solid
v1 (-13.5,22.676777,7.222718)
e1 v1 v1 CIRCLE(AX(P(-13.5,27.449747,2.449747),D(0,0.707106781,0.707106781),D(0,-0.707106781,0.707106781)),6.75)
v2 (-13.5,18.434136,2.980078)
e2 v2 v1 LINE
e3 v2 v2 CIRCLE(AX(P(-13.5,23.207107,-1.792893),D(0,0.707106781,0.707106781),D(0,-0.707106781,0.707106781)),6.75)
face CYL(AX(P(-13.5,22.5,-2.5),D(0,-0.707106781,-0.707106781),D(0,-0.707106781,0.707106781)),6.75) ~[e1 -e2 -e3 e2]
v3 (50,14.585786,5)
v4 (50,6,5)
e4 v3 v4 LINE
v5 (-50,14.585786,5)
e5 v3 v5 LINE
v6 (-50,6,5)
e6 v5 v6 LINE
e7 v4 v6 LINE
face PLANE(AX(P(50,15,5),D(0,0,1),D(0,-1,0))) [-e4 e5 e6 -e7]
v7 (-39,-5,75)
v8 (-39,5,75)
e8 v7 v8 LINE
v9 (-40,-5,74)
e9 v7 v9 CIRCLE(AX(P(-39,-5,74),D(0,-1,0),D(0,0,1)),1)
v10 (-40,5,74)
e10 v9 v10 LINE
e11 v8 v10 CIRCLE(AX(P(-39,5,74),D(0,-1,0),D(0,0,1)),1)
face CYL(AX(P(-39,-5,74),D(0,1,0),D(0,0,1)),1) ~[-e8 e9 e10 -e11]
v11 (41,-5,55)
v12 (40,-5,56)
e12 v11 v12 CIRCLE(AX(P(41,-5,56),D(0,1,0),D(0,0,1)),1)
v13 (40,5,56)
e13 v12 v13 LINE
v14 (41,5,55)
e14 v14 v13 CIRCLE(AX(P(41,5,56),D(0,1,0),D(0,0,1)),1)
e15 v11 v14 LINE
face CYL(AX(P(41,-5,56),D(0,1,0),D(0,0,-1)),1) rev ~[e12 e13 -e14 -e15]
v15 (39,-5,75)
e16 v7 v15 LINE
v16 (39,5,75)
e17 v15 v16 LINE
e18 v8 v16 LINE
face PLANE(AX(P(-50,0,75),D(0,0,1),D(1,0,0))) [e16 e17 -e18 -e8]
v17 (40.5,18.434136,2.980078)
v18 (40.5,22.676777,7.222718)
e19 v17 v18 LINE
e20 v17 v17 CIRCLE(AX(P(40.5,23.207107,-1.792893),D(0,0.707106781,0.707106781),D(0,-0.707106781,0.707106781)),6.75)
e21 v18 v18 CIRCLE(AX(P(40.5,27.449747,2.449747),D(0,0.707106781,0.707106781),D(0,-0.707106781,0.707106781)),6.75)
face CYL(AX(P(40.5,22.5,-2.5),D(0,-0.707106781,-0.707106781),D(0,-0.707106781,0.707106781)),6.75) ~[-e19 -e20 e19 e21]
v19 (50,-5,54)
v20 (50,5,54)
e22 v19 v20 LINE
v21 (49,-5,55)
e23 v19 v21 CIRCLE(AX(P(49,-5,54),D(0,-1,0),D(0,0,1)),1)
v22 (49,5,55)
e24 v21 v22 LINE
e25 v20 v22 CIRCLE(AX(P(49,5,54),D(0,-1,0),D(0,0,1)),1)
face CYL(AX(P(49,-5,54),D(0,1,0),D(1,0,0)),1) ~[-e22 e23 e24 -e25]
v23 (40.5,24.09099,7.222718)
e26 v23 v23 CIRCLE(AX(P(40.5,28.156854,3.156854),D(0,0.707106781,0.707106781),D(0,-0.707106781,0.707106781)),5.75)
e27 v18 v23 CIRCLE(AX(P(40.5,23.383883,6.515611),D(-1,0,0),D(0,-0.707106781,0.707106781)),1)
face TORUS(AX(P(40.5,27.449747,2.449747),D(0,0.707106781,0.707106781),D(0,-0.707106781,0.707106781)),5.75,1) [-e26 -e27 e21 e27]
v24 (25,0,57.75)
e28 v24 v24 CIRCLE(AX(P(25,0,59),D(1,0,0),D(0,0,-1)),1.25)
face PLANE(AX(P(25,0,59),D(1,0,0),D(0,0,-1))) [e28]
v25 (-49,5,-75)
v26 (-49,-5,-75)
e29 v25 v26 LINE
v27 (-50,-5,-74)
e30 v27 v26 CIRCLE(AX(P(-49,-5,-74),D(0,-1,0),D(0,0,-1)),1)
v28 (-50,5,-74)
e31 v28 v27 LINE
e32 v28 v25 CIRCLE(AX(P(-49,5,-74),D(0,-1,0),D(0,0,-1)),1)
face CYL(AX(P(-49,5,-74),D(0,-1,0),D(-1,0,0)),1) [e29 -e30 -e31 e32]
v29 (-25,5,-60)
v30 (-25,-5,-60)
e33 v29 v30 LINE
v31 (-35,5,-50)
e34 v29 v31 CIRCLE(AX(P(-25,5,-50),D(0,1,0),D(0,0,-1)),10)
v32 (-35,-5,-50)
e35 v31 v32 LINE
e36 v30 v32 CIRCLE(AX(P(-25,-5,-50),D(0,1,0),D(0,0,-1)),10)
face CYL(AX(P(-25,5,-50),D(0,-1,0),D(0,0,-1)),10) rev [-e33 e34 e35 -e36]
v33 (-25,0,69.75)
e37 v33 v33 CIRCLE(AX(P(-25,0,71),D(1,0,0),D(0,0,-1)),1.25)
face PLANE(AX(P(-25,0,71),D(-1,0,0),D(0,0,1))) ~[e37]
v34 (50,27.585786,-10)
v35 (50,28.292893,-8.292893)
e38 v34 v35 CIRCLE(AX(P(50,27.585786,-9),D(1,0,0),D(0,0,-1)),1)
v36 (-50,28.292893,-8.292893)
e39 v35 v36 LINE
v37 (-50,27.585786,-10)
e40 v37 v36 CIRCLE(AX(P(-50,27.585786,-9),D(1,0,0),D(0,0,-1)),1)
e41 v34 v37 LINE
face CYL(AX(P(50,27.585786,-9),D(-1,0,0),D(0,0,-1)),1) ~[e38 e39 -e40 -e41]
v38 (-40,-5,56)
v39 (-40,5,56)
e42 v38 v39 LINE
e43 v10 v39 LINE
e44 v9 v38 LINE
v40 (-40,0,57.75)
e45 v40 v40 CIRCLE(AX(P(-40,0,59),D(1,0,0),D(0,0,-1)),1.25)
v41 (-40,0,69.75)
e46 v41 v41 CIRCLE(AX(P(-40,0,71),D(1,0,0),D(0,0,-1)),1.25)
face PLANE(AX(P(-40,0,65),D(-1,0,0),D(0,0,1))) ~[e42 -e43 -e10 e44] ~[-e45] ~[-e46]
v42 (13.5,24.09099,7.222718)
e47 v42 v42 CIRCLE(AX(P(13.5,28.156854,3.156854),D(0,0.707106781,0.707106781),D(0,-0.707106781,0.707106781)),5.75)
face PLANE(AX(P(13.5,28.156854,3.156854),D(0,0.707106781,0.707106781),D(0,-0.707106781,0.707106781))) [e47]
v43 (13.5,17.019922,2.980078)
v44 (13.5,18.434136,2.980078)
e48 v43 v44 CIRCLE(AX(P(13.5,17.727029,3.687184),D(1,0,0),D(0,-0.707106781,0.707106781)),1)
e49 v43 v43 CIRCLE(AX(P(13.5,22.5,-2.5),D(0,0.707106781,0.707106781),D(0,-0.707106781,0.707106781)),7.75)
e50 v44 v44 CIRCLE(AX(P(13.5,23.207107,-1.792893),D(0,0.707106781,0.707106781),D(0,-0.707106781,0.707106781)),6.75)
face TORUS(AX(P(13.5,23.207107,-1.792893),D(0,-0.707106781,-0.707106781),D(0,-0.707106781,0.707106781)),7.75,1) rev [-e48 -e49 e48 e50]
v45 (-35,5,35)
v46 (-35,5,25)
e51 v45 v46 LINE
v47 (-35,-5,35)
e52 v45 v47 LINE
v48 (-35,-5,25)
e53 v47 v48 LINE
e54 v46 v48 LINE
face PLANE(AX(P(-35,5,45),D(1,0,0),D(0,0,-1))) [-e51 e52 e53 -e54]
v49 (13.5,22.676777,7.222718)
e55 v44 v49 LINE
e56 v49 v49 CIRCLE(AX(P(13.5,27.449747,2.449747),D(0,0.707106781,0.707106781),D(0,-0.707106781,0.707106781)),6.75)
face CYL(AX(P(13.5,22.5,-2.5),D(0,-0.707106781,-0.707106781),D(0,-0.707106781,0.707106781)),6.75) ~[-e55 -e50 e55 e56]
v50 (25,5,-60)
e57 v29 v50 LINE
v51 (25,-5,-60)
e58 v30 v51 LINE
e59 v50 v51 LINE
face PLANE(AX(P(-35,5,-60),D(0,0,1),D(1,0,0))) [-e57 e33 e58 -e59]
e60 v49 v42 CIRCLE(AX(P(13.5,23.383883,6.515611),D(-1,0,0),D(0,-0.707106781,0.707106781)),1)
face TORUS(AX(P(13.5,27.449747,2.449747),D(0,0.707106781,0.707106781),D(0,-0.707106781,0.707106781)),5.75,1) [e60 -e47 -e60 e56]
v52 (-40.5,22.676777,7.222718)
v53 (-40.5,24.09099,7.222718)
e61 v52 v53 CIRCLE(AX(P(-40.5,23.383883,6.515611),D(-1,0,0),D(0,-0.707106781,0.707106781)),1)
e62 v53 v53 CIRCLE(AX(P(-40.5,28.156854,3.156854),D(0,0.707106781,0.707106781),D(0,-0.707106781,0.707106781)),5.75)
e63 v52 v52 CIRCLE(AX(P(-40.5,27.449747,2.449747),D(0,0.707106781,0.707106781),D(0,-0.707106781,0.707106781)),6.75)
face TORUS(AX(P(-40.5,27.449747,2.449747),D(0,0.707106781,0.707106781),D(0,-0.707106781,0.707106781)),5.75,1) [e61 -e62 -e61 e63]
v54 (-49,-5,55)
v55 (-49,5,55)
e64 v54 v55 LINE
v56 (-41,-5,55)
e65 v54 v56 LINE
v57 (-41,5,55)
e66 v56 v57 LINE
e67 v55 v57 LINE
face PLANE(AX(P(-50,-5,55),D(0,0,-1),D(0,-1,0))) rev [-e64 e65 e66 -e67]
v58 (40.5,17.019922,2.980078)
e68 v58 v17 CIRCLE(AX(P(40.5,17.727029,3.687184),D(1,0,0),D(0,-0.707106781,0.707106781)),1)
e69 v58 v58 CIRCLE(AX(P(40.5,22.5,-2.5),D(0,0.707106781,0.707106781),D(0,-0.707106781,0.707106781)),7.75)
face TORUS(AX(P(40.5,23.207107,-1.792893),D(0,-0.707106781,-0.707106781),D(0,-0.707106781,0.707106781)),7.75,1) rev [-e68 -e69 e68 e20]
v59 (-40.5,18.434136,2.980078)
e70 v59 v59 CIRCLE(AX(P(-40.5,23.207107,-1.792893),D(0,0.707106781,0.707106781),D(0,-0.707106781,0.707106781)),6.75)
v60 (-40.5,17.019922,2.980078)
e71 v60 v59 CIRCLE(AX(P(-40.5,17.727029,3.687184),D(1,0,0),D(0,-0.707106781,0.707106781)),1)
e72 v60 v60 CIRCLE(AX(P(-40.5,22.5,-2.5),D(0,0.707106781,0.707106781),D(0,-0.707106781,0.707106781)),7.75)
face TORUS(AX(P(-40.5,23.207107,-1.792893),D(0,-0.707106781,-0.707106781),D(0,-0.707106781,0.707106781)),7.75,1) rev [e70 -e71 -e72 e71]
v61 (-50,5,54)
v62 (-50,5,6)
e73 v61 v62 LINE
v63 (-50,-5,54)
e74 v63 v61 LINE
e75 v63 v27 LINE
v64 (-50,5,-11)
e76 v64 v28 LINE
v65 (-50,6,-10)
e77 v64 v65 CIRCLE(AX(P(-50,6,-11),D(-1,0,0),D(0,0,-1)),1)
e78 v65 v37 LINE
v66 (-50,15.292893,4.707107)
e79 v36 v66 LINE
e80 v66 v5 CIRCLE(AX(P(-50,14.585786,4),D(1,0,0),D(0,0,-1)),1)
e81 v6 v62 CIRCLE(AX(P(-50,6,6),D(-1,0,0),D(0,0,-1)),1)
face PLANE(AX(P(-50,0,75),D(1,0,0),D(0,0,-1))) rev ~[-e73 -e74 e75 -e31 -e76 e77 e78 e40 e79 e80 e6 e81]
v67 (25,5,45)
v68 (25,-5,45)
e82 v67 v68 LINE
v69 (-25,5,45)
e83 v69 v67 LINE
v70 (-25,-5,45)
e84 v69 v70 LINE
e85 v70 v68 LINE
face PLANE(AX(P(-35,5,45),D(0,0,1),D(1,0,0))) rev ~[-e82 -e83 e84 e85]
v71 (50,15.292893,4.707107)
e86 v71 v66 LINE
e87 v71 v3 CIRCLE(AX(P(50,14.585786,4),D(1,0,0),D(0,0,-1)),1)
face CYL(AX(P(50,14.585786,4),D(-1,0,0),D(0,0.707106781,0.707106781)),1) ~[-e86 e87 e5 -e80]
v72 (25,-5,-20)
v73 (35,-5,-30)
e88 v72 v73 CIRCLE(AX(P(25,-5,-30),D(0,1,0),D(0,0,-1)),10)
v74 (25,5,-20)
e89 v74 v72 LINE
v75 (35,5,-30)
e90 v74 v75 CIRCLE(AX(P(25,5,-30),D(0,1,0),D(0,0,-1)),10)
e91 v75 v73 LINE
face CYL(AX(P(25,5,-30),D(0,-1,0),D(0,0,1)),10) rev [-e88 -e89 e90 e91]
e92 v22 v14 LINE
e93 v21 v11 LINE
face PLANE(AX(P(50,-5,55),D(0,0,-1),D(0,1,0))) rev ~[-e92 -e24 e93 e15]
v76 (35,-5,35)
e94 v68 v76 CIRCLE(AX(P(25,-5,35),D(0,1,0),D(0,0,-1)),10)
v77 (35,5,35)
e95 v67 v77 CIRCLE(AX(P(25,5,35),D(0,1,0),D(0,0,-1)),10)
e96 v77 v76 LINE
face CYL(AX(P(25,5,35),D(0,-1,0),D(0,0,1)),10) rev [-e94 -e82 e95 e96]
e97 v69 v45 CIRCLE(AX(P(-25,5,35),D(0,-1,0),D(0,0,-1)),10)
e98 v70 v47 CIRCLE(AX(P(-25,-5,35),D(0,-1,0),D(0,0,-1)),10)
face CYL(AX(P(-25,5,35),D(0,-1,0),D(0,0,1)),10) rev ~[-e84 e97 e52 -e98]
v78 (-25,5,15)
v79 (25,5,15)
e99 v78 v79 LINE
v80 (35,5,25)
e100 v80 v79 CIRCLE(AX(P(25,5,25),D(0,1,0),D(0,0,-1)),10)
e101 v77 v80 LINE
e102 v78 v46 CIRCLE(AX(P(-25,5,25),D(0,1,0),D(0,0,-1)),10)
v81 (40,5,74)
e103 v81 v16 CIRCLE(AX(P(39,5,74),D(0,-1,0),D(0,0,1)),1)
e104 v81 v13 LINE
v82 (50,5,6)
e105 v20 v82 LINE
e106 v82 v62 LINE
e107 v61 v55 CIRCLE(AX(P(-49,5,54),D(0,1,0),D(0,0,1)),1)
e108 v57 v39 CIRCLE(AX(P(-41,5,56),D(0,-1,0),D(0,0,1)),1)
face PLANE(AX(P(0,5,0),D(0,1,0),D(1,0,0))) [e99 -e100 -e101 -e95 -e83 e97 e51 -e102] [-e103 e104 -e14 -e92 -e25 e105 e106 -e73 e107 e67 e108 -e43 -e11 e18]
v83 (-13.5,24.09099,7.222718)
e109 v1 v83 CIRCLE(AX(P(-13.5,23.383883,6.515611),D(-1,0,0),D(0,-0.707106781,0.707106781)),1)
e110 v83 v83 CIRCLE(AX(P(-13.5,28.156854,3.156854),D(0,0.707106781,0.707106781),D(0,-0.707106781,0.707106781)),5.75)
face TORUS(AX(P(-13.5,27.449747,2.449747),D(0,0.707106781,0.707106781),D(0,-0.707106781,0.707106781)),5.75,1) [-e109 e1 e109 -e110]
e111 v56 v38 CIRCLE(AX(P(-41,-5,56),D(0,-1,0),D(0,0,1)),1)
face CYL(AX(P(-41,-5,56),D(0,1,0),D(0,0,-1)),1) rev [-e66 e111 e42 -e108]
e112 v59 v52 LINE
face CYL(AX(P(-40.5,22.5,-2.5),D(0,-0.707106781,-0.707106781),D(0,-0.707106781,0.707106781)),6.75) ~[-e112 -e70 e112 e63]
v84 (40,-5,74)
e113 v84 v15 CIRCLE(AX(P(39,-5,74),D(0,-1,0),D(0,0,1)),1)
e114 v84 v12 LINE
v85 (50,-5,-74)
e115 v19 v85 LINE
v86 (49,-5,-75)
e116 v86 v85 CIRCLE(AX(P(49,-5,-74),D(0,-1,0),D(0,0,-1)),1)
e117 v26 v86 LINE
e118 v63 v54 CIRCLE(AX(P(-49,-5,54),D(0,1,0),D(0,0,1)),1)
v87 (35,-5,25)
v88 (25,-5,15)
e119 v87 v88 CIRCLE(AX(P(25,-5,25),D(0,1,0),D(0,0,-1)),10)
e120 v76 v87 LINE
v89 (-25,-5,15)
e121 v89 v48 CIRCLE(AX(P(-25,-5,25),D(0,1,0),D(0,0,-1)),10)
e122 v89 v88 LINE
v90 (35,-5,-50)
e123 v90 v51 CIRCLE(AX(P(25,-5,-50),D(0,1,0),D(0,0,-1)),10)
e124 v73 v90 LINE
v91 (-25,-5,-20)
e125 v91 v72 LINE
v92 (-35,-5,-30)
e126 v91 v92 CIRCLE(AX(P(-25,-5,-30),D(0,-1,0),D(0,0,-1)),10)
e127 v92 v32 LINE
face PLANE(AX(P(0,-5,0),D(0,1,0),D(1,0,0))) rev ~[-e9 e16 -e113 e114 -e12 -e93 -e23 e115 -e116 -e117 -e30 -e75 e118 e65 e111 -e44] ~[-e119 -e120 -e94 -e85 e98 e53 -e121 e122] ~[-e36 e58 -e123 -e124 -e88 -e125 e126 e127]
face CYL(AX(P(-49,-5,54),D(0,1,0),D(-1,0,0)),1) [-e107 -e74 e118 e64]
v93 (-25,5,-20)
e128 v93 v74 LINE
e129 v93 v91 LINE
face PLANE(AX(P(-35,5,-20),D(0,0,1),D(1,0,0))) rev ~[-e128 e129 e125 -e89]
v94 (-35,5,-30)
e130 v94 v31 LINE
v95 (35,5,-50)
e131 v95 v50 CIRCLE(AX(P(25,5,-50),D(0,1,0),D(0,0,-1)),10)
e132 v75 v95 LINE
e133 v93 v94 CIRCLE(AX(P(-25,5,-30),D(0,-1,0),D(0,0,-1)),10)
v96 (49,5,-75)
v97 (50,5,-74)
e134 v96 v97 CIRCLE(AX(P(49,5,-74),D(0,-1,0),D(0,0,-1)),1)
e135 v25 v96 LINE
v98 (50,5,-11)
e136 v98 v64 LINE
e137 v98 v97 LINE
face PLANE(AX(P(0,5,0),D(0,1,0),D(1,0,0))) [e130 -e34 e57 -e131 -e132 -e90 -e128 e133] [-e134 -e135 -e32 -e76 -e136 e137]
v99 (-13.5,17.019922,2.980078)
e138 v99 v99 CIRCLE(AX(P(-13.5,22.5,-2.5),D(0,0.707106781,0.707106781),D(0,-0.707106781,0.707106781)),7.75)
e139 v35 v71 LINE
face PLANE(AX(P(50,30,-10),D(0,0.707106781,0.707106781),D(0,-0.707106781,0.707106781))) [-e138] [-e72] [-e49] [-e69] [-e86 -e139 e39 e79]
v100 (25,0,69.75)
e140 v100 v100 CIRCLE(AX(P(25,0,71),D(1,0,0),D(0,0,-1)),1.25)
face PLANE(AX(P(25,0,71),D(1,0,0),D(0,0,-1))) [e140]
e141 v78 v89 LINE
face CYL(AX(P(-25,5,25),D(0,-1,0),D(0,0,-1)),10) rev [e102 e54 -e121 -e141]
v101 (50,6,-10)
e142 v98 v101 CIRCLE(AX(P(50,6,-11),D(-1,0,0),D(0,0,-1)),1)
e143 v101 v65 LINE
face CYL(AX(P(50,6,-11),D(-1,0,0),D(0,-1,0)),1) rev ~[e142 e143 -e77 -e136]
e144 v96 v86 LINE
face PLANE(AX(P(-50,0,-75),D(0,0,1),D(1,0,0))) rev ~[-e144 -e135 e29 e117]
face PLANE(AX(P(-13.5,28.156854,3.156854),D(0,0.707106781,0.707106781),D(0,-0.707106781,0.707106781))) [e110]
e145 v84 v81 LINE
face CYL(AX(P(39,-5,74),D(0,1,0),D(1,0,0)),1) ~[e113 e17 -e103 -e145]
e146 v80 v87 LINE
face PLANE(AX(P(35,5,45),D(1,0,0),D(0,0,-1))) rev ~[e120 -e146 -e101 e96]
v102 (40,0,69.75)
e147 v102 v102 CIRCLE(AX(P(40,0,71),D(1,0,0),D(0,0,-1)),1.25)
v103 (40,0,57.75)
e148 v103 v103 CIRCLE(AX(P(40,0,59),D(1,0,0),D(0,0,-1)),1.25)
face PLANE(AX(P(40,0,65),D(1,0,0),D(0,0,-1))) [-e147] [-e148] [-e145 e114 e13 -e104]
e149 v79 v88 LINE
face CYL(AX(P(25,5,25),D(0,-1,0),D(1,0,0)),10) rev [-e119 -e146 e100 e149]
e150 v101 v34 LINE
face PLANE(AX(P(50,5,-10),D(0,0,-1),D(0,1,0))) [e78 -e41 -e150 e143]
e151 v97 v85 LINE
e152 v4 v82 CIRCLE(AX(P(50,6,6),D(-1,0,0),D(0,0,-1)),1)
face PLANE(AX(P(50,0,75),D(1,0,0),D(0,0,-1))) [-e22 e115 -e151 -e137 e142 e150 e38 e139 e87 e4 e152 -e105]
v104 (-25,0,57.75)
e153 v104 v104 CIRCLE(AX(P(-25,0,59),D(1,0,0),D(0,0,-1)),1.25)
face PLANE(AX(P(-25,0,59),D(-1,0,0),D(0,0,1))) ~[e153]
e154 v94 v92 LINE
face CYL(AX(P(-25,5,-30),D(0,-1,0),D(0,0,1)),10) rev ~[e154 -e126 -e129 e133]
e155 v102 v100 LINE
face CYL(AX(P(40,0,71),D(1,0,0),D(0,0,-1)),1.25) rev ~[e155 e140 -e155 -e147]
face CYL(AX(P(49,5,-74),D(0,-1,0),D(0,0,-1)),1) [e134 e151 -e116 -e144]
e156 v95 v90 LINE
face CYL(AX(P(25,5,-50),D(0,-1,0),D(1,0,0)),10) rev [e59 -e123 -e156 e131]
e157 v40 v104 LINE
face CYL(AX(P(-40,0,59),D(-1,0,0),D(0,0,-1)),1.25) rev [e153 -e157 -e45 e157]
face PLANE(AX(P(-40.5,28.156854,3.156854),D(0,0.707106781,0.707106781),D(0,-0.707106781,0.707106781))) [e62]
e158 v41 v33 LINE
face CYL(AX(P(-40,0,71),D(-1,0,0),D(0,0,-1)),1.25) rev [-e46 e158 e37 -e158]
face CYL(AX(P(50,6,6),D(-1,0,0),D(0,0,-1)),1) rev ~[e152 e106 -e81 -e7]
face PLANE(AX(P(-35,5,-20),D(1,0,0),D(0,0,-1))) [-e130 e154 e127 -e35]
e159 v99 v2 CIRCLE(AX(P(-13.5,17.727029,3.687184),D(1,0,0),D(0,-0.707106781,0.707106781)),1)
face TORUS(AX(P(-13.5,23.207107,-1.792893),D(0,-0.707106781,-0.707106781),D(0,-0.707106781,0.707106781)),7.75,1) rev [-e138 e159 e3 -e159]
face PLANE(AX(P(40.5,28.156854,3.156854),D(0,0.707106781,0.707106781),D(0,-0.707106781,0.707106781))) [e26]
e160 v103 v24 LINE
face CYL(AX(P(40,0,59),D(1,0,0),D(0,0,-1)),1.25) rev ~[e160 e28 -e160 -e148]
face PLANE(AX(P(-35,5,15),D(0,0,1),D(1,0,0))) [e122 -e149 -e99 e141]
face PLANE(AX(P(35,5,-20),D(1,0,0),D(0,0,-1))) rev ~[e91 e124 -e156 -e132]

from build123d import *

# Parameters (mm, degrees)
SKETCH_1_W          = 100
SKETCH_1_H          = 150
EXTRUDE_1_DEPTH     = 5
SKETCH_6_W          = 20
SKETCH_6_H          = 10
CUT_EXTRUDE_2_DEPTH = 10
SKETCH_8_R          = 1.25
CUT_EXTRUDE_3_DEPTH = 15
EXTRUDE_3_DEPTH     = 100
SKETCH_10_R         = 6.75
EXTRUDE_4_DEPTH     = 8
FILLET_1_R          = 1
FILLET_2_R          = 1
SKETCH_11_W         = 70
SKETCH_11_H         = 40
SKETCH_11_H_2       = 30
CUT_EXTRUDE_4_DEPTH = 95.24494087
FILLET_3_R          = 10


with BuildPart() as part:
    # 草图1 → 凸台-拉伸1 (new, symmetric)
    with BuildSketch(Plane(origin=(0, 0, 0), x_dir=(1, 0, 0), z_dir=(0, 1, 0))):
        Rectangle(SKETCH_1_W, SKETCH_1_H)
    extrude(amount=EXTRUDE_1_DEPTH, both=True)

    # 草图6 → 切除-拉伸2 (cut)
    with BuildSketch(Plane(origin=(50, 0, 0), x_dir=(0, 0, -1), z_dir=(1, 0, 0))):
        with Locations((-65, 0)):
            Rectangle(SKETCH_6_W, SKETCH_6_H)
    cut_extrude_2 = extrude(amount=-CUT_EXTRUDE_2_DEPTH, mode=Mode.SUBTRACT)

    # 草图8 → 切除-拉伸3 (cut)
    with BuildSketch(Plane(origin=(40, 0, 0), x_dir=(0, 0, -1), z_dir=(1, 0, 0))):
        with Locations((-71, 0)):
            Circle(SKETCH_8_R)
        with Locations((-59, 0)):
            Circle(SKETCH_8_R)
    cut_extrude_3 = extrude(amount=-CUT_EXTRUDE_3_DEPTH, mode=Mode.SUBTRACT)

    # 镜向1: 切除-拉伸2, 切除-拉伸3 across plane
    add(cut_extrude_2.mirror(Plane(origin=(0, 0, 0), x_dir=(0, 0, 1), z_dir=(1, 0, 0))), mode=Mode.SUBTRACT)
    add(cut_extrude_3.mirror(Plane(origin=(0, 0, 0), x_dir=(0, 0, 1), z_dir=(1, 0, 0))), mode=Mode.SUBTRACT)

    # 草图9 → 凸台-拉伸3 (add)
    with BuildSketch(Plane(origin=(50, 0, 0), x_dir=(0, 0, -1), z_dir=(1, 0, 0))):
        Polygon((-5, 15), (-5, 5), (10, 5), (10, 15), (10, 30), align=None)
    extrude(amount=-EXTRUDE_3_DEPTH)

    # 草图10 → 凸台-拉伸4 (add)
    with BuildSketch(Plane(origin=(0, 10, 10), x_dir=(1, 0, 0), z_dir=(0, 0.7071067811865461, 0.7071067811865489))):
        with Locations(Location((40.5, 17.67766953, 0), (0, 0, 270))):
            Circle(SKETCH_10_R)
        with Locations(Location((-40.5, 17.67766953, 0), (0, 0, 270))):
            Circle(SKETCH_10_R)
        with Locations(Location((-13.5, 17.67766953, 0), (0, 0, 270))):
            Circle(SKETCH_10_R)
        with Locations(Location((13.5, 17.67766953, 0), (0, 0, 270))):
            Circle(SKETCH_10_R)
    extrude(amount=EXTRUDE_4_DEPTH)

    # 圆角1
    fillet_1_edges = [part.edges().sort_by_distance(p)[0] for p in [
        (-40.5, 27.272970773, -7.272970773),
        (-40.5, 32.929825023, -1.616116524),
        (40.5, 27.272970773, -7.272970773),
        (40.5, 32.929825023, -1.616116524),
        (-13.5, 27.272970773, -7.272970773),
        (-13.5, 32.929825023, -1.616116524),
        (13.5, 27.272970773, -7.272970773),
        (13.5, 32.929825023, -1.616116524),
        (0, 5, -10),
        (0, 5, 5),
        (0, 15, 5),
        (0, 30, -10),
    ]]
    fillet(fillet_1_edges, radius=FILLET_1_R)

    # 圆角2
    fillet_2_edges = [part.edges().sort_by_distance(p)[0] for p in [
        (40, 0, 75),
        (40, 0, 55),
        (50, 0, 55),
        (-50, 0, 55),
        (-40, 0, 75),
        (-40, 0, 55),
        (-50, 0, -75),
        (50, 0, -75),
    ]]
    fillet(fillet_2_edges, radius=FILLET_2_R)

    # 草图11 → 切除-拉伸4 (cut, through all)
    with BuildSketch(Plane(origin=(0, 5, 0), x_dir=(1, 0, 0), z_dir=(0, 1, 0))):
        with Locations((0, 40)):
            Rectangle(SKETCH_11_W, SKETCH_11_H)
        with Locations((0, -30)):
            Rectangle(SKETCH_11_W, SKETCH_11_H_2)
    extrude(amount=-CUT_EXTRUDE_4_DEPTH, mode=Mode.SUBTRACT)

    # 圆角3
    fillet_3_edges = [part.edges().sort_by_distance(p)[0] for p in [
        (35, 0, -60),
        (35, 0, -20),
        (-35, 0, -20),
        (-35, 0, -60),
        (35, 0, 15),
        (35, 0, 45),
        (-35, 0, 45),
        (-35, 0, 15),
    ]]
    fillet(fillet_3_edges, radius=FILLET_3_R)


solid = part.part
